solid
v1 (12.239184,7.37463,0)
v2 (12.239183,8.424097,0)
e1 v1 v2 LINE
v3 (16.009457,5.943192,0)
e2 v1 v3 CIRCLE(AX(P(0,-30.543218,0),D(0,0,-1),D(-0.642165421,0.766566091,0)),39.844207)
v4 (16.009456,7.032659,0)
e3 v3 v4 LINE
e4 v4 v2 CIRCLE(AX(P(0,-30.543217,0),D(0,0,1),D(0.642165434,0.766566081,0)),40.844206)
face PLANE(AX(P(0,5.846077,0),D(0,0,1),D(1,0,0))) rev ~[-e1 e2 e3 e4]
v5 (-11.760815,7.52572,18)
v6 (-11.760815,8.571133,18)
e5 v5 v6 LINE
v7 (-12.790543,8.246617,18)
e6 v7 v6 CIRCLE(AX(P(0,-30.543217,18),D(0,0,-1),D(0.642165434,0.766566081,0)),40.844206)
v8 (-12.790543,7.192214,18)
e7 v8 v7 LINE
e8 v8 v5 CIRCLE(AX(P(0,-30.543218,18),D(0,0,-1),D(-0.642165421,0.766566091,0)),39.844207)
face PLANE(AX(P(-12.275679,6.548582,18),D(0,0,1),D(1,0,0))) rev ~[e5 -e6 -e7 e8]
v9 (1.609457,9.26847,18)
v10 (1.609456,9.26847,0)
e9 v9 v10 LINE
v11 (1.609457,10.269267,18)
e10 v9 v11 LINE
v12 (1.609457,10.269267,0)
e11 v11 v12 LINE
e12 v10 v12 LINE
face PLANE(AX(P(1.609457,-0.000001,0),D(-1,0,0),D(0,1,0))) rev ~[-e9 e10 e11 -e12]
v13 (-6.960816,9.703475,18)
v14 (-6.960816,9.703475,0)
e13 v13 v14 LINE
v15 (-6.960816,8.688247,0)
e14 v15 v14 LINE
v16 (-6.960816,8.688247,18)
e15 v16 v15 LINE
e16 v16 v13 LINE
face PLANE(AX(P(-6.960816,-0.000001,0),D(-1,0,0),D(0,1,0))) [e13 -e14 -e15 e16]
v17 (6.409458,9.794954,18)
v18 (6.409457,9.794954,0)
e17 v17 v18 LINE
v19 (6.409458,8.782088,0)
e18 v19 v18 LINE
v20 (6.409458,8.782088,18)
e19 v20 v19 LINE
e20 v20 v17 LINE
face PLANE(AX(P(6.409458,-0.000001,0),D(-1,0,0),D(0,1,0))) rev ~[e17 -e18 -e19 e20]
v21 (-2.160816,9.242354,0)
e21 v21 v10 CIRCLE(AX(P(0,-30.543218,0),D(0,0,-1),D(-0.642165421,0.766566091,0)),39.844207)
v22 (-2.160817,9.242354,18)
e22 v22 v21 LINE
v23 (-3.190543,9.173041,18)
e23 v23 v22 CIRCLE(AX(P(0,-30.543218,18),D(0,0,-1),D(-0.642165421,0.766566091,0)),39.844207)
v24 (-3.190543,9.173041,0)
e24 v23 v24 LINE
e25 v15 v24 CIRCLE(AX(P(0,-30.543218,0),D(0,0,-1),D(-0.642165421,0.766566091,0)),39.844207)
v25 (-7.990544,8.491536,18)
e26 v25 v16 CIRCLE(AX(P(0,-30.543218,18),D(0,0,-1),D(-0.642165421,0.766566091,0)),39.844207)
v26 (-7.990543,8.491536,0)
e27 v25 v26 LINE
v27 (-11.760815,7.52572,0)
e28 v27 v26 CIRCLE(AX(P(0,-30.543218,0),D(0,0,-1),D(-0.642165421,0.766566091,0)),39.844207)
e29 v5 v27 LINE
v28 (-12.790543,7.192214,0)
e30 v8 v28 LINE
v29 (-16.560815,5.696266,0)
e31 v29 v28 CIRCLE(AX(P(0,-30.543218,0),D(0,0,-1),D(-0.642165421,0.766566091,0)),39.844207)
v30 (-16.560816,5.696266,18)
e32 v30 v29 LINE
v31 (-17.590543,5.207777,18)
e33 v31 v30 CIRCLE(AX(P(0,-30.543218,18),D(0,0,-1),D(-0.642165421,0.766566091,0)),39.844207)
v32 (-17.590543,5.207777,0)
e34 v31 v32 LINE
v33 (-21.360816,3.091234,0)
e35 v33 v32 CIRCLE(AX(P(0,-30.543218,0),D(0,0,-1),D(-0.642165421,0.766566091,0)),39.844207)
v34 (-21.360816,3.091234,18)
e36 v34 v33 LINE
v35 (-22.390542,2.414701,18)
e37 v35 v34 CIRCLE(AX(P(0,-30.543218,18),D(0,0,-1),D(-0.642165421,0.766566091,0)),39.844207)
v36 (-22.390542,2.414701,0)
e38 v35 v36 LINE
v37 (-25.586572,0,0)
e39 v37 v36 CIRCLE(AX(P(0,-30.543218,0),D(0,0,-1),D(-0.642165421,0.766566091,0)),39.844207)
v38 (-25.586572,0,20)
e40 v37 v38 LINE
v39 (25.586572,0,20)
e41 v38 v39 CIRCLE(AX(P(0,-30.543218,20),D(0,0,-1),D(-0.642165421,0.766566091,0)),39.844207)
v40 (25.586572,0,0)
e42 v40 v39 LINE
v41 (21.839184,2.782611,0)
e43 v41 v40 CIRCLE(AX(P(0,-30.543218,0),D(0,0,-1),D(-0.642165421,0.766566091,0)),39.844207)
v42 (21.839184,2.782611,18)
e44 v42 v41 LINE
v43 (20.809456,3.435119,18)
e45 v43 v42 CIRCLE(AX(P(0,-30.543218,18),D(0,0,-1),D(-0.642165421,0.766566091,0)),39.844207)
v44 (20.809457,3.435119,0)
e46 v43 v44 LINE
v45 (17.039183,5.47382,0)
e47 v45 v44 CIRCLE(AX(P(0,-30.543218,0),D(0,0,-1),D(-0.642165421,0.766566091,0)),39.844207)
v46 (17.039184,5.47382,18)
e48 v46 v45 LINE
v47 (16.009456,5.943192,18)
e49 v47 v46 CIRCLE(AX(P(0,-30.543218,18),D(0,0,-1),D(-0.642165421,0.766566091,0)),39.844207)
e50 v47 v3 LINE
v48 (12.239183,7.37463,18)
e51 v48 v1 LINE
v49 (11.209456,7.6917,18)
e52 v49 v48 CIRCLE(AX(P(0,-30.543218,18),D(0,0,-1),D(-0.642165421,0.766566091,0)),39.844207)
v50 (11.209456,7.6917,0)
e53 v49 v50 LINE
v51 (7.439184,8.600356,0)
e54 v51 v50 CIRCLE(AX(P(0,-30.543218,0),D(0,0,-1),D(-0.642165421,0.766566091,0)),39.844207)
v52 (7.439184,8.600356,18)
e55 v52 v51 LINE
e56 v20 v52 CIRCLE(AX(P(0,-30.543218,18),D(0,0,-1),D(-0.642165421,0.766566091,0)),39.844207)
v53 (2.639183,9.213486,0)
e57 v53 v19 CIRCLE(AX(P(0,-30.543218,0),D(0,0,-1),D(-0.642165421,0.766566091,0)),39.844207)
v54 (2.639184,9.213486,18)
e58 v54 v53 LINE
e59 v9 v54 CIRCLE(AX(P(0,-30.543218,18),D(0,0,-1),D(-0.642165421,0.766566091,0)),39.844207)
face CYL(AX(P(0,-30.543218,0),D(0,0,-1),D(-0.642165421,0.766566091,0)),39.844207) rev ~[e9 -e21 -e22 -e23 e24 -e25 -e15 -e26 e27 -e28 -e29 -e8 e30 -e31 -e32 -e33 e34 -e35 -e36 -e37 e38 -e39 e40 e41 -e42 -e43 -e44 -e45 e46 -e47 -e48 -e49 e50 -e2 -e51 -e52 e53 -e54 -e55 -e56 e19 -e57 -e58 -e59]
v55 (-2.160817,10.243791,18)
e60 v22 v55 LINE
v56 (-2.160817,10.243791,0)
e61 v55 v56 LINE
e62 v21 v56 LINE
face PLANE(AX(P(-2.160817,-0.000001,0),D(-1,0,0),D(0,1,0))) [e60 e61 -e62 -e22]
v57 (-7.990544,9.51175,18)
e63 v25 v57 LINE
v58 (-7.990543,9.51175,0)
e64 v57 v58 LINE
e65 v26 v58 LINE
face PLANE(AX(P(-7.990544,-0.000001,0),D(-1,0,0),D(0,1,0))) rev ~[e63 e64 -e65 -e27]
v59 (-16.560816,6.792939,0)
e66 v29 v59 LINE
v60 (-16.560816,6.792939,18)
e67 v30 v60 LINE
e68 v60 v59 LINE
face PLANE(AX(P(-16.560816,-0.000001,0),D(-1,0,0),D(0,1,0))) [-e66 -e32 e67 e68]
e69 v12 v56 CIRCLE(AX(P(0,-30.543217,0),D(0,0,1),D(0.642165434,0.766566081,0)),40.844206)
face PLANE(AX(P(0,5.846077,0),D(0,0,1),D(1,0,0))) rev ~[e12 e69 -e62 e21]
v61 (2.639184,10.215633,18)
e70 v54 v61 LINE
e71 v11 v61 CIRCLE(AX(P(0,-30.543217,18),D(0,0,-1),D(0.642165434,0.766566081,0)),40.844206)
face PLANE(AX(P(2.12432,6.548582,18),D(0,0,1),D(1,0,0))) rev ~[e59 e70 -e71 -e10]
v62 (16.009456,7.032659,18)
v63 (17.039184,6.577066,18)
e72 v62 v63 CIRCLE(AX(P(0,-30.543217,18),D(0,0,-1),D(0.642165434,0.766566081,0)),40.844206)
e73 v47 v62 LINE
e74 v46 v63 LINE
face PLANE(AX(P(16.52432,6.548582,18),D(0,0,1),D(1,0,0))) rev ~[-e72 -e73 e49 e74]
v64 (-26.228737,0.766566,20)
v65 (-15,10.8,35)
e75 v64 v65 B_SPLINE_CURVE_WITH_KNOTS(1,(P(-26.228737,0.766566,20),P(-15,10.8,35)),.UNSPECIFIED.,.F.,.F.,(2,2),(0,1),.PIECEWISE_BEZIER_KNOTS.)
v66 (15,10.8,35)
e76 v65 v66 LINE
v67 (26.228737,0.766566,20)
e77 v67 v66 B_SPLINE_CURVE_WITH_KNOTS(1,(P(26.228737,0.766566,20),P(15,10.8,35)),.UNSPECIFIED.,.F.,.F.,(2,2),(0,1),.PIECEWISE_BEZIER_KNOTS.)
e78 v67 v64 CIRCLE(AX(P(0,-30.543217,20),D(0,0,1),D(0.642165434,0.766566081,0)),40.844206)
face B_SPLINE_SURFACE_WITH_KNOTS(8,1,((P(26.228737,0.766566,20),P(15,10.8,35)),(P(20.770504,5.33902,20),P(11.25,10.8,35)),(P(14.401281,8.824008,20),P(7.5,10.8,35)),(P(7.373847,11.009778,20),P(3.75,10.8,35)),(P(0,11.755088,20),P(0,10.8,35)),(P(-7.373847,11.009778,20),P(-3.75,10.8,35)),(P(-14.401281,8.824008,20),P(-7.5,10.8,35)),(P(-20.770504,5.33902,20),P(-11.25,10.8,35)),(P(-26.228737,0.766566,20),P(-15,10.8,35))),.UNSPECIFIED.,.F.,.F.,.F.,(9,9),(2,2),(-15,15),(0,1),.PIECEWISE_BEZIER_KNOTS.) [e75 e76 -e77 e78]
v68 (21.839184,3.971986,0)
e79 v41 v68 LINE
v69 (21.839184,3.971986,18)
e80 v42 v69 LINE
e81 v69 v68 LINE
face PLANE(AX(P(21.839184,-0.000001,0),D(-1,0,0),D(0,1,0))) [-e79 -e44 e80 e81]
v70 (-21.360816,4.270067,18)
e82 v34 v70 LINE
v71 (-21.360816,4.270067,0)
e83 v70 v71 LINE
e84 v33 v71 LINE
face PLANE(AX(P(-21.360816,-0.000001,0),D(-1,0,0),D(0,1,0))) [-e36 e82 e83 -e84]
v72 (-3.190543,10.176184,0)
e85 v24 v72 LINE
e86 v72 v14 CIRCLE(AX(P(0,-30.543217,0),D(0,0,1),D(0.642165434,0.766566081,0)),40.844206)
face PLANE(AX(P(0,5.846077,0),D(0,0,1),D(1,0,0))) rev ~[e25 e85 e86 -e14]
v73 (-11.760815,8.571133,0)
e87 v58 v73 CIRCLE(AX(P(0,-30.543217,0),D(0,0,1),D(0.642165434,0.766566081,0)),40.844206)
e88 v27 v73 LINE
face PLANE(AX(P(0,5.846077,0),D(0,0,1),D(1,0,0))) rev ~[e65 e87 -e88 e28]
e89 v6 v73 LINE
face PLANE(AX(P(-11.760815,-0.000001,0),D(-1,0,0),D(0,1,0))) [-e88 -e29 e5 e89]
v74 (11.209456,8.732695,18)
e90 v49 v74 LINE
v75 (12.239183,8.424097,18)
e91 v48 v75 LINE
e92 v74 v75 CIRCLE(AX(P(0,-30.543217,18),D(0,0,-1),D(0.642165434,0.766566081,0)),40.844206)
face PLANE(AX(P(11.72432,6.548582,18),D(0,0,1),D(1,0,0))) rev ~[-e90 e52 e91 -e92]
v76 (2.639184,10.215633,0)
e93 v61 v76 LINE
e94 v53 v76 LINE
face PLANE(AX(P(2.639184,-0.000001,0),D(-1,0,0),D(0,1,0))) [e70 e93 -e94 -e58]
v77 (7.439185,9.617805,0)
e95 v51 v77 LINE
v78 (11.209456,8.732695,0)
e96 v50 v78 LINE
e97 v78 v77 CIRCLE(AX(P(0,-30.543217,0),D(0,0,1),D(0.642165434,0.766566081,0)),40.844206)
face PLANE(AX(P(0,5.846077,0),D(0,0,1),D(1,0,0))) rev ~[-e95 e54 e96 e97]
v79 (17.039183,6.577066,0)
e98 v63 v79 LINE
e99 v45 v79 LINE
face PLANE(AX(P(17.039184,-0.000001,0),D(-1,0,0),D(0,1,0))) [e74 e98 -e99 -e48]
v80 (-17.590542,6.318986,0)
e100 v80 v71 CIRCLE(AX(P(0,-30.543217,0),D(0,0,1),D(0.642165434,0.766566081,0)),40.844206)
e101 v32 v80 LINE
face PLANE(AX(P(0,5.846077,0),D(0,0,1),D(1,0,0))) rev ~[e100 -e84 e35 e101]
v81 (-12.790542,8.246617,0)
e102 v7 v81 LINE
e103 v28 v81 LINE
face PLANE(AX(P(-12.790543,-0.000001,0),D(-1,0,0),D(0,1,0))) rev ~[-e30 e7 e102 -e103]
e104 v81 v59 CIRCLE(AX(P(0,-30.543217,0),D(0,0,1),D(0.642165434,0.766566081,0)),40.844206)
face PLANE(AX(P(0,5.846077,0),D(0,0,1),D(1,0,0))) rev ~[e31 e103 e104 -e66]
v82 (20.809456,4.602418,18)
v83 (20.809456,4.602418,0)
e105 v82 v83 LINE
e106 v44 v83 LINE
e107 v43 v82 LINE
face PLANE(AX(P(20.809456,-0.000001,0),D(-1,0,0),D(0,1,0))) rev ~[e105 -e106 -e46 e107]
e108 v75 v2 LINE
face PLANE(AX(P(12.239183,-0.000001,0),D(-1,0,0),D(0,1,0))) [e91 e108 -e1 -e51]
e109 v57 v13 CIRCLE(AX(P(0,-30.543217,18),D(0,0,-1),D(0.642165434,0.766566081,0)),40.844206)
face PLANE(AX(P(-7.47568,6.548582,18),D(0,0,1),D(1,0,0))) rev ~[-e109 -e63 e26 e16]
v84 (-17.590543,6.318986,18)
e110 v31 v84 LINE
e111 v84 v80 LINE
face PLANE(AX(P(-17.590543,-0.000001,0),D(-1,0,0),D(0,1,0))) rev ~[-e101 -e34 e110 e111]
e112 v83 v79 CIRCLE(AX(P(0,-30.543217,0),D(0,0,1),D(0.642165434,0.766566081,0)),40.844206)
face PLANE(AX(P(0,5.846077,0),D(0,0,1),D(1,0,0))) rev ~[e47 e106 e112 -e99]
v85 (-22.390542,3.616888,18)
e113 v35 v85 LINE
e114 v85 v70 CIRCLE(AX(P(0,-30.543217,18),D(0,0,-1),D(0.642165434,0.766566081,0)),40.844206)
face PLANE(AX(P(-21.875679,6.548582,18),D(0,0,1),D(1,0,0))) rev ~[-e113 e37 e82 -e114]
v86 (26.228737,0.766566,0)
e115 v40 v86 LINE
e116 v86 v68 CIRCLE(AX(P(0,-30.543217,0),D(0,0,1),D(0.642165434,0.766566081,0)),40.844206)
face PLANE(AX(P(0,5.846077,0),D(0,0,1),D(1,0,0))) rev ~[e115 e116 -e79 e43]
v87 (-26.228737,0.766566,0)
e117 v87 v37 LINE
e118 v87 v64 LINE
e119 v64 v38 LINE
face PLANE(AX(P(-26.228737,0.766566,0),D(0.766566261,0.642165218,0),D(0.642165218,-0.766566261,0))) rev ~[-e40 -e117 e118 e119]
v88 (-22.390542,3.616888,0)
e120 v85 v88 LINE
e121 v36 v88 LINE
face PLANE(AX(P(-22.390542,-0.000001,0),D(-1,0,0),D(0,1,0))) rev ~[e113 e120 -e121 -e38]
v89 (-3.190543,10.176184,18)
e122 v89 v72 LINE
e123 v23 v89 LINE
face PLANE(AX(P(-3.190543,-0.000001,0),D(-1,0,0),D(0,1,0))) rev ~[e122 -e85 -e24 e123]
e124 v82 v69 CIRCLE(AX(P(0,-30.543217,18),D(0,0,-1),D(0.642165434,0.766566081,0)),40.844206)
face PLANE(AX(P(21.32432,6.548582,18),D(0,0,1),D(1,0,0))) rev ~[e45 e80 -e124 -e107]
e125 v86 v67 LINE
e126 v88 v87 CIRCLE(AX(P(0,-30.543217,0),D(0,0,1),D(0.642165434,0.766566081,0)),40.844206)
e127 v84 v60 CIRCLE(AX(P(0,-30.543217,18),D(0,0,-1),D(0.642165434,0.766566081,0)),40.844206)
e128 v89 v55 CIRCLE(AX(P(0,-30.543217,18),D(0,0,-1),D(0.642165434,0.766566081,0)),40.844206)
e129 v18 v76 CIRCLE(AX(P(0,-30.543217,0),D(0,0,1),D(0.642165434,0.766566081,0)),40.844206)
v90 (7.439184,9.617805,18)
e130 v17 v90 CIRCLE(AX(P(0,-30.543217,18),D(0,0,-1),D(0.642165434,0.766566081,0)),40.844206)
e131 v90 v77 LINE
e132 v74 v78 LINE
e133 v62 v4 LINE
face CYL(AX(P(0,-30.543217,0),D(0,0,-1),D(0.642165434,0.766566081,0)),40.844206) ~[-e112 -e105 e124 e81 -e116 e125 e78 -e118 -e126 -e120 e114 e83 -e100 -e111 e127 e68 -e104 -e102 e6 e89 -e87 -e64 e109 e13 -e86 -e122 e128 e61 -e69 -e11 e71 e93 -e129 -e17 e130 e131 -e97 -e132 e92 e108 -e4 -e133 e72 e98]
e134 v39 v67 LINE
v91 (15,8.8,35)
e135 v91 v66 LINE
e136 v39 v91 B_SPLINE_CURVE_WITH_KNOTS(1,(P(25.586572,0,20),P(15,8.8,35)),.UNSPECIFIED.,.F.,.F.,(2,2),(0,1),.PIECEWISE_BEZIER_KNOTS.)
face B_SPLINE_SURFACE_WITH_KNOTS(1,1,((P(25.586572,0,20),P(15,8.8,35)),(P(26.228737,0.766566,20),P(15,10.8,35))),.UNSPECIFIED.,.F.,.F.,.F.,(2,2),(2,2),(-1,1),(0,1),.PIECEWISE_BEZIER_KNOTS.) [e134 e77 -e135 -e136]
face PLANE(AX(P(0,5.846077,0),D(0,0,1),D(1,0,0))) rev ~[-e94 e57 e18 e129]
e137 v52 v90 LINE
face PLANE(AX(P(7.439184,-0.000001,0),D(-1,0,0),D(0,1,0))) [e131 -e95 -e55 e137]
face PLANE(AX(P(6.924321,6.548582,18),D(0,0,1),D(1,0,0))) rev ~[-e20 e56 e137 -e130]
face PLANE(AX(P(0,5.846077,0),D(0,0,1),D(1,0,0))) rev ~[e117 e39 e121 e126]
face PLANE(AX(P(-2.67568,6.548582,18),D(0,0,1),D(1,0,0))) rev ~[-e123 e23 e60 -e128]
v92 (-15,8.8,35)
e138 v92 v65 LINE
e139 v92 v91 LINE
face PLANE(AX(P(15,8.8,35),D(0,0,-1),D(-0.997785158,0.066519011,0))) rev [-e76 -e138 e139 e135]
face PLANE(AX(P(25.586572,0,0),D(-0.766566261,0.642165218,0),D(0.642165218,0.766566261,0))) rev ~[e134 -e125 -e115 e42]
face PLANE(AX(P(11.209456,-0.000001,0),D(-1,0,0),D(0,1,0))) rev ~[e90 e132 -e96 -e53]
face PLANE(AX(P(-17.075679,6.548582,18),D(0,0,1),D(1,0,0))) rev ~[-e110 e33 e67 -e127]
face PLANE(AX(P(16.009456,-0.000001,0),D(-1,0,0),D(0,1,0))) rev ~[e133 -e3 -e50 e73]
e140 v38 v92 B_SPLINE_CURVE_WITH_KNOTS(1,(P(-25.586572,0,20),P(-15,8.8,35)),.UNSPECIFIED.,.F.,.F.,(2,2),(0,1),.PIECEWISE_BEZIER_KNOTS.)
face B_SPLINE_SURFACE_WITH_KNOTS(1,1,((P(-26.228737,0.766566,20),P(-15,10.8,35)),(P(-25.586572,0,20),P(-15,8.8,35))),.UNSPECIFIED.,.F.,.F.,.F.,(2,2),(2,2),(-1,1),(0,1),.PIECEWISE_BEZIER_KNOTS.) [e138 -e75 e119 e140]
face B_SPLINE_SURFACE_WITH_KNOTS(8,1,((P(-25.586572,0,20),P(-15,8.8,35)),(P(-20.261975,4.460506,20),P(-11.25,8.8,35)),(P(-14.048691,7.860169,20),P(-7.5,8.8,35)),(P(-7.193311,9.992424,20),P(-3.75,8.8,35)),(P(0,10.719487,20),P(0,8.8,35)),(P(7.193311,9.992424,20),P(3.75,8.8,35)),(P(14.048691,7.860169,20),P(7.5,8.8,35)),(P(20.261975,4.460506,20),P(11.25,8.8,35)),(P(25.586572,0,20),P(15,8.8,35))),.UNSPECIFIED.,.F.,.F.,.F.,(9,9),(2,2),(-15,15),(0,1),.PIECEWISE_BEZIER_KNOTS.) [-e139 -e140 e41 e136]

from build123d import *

# Parameters (mm, degrees)
F1_DEPTH = 20
F2_W     = 1.029727
F2_H     = 13.097165
F3_DEPTH = 18
F5_W     = 30
F5_H     = 2


with BuildPart() as f1:
    # F0 (on Top) → F1 (new body)
    with BuildSketch(Plane.XY):
        with BuildLine():
            ThreePointArc((-25.586572, 0), (0, 9.300989), (25.586572, 0))
            Line((25.586572, 0), (26.228737, 0.766566))
            ThreePointArc((26.228737, 0.766566), (0, 10.300989), (-26.228737, 0.766566))
            Line((-26.228737, 0.766566), (-25.586572, 0))
        make_face()
    extrude(amount=F1_DEPTH)

    # F2 (on Top) → F3 (cut)
    with BuildSketch(Plane.XY):
        with Locations((-21.875679, 6.548582)):
            Rectangle(F2_W, F2_H)
        with Locations((-17.075679, 6.548582)):
            Rectangle(F2_W, F2_H)
        with Locations((-12.275679, 6.548582)):
            Rectangle(F2_W, F2_H)
        with Locations((-7.47568, 6.548582)):
            Rectangle(F2_W, F2_H)
        with Locations((-2.67568, 6.548582)):
            Rectangle(F2_W, F2_H)
        with Locations((2.12432, 6.548582)):
            Rectangle(F2_W, F2_H)
        with Locations((6.924321, 6.548582)):
            Rectangle(F2_W, F2_H)
        with Locations((11.72432, 6.548582)):
            Rectangle(F2_W, F2_H)
        with Locations((16.52432, 6.548582)):
            Rectangle(F2_W, F2_H)
        with Locations((21.32432, 6.548582)):
            Rectangle(F2_W, F2_H)
    extrude(amount=F3_DEPTH, mode=Mode.SUBTRACT)

    # F1_face (on face) → F6 section 0
    with BuildSketch(Plane(origin=(0, 6.611875, 20), x_dir=(1, 0, 0), z_dir=(0, 0, 1))):
        with BuildLine():
            Line((25.586572, -6.611875), (26.228737, -5.845309))
            ThreePointArc((26.228737, -5.845309), (0, 3.689114), (-26.228737, -5.845309))
            Line((-26.228737, -5.845309), (-25.586572, -6.611875))
            ThreePointArc((-25.586572, -6.611875), (0, 2.689114), (25.586572, -6.611875))
        make_face()
    # F5 (on offset) → F6 section 1
    with BuildSketch(Plane.XY.offset(35)):
        with Locations((0, 9.8)):
            Rectangle(F5_W, F5_H)
    loft()


solid = f1.part
